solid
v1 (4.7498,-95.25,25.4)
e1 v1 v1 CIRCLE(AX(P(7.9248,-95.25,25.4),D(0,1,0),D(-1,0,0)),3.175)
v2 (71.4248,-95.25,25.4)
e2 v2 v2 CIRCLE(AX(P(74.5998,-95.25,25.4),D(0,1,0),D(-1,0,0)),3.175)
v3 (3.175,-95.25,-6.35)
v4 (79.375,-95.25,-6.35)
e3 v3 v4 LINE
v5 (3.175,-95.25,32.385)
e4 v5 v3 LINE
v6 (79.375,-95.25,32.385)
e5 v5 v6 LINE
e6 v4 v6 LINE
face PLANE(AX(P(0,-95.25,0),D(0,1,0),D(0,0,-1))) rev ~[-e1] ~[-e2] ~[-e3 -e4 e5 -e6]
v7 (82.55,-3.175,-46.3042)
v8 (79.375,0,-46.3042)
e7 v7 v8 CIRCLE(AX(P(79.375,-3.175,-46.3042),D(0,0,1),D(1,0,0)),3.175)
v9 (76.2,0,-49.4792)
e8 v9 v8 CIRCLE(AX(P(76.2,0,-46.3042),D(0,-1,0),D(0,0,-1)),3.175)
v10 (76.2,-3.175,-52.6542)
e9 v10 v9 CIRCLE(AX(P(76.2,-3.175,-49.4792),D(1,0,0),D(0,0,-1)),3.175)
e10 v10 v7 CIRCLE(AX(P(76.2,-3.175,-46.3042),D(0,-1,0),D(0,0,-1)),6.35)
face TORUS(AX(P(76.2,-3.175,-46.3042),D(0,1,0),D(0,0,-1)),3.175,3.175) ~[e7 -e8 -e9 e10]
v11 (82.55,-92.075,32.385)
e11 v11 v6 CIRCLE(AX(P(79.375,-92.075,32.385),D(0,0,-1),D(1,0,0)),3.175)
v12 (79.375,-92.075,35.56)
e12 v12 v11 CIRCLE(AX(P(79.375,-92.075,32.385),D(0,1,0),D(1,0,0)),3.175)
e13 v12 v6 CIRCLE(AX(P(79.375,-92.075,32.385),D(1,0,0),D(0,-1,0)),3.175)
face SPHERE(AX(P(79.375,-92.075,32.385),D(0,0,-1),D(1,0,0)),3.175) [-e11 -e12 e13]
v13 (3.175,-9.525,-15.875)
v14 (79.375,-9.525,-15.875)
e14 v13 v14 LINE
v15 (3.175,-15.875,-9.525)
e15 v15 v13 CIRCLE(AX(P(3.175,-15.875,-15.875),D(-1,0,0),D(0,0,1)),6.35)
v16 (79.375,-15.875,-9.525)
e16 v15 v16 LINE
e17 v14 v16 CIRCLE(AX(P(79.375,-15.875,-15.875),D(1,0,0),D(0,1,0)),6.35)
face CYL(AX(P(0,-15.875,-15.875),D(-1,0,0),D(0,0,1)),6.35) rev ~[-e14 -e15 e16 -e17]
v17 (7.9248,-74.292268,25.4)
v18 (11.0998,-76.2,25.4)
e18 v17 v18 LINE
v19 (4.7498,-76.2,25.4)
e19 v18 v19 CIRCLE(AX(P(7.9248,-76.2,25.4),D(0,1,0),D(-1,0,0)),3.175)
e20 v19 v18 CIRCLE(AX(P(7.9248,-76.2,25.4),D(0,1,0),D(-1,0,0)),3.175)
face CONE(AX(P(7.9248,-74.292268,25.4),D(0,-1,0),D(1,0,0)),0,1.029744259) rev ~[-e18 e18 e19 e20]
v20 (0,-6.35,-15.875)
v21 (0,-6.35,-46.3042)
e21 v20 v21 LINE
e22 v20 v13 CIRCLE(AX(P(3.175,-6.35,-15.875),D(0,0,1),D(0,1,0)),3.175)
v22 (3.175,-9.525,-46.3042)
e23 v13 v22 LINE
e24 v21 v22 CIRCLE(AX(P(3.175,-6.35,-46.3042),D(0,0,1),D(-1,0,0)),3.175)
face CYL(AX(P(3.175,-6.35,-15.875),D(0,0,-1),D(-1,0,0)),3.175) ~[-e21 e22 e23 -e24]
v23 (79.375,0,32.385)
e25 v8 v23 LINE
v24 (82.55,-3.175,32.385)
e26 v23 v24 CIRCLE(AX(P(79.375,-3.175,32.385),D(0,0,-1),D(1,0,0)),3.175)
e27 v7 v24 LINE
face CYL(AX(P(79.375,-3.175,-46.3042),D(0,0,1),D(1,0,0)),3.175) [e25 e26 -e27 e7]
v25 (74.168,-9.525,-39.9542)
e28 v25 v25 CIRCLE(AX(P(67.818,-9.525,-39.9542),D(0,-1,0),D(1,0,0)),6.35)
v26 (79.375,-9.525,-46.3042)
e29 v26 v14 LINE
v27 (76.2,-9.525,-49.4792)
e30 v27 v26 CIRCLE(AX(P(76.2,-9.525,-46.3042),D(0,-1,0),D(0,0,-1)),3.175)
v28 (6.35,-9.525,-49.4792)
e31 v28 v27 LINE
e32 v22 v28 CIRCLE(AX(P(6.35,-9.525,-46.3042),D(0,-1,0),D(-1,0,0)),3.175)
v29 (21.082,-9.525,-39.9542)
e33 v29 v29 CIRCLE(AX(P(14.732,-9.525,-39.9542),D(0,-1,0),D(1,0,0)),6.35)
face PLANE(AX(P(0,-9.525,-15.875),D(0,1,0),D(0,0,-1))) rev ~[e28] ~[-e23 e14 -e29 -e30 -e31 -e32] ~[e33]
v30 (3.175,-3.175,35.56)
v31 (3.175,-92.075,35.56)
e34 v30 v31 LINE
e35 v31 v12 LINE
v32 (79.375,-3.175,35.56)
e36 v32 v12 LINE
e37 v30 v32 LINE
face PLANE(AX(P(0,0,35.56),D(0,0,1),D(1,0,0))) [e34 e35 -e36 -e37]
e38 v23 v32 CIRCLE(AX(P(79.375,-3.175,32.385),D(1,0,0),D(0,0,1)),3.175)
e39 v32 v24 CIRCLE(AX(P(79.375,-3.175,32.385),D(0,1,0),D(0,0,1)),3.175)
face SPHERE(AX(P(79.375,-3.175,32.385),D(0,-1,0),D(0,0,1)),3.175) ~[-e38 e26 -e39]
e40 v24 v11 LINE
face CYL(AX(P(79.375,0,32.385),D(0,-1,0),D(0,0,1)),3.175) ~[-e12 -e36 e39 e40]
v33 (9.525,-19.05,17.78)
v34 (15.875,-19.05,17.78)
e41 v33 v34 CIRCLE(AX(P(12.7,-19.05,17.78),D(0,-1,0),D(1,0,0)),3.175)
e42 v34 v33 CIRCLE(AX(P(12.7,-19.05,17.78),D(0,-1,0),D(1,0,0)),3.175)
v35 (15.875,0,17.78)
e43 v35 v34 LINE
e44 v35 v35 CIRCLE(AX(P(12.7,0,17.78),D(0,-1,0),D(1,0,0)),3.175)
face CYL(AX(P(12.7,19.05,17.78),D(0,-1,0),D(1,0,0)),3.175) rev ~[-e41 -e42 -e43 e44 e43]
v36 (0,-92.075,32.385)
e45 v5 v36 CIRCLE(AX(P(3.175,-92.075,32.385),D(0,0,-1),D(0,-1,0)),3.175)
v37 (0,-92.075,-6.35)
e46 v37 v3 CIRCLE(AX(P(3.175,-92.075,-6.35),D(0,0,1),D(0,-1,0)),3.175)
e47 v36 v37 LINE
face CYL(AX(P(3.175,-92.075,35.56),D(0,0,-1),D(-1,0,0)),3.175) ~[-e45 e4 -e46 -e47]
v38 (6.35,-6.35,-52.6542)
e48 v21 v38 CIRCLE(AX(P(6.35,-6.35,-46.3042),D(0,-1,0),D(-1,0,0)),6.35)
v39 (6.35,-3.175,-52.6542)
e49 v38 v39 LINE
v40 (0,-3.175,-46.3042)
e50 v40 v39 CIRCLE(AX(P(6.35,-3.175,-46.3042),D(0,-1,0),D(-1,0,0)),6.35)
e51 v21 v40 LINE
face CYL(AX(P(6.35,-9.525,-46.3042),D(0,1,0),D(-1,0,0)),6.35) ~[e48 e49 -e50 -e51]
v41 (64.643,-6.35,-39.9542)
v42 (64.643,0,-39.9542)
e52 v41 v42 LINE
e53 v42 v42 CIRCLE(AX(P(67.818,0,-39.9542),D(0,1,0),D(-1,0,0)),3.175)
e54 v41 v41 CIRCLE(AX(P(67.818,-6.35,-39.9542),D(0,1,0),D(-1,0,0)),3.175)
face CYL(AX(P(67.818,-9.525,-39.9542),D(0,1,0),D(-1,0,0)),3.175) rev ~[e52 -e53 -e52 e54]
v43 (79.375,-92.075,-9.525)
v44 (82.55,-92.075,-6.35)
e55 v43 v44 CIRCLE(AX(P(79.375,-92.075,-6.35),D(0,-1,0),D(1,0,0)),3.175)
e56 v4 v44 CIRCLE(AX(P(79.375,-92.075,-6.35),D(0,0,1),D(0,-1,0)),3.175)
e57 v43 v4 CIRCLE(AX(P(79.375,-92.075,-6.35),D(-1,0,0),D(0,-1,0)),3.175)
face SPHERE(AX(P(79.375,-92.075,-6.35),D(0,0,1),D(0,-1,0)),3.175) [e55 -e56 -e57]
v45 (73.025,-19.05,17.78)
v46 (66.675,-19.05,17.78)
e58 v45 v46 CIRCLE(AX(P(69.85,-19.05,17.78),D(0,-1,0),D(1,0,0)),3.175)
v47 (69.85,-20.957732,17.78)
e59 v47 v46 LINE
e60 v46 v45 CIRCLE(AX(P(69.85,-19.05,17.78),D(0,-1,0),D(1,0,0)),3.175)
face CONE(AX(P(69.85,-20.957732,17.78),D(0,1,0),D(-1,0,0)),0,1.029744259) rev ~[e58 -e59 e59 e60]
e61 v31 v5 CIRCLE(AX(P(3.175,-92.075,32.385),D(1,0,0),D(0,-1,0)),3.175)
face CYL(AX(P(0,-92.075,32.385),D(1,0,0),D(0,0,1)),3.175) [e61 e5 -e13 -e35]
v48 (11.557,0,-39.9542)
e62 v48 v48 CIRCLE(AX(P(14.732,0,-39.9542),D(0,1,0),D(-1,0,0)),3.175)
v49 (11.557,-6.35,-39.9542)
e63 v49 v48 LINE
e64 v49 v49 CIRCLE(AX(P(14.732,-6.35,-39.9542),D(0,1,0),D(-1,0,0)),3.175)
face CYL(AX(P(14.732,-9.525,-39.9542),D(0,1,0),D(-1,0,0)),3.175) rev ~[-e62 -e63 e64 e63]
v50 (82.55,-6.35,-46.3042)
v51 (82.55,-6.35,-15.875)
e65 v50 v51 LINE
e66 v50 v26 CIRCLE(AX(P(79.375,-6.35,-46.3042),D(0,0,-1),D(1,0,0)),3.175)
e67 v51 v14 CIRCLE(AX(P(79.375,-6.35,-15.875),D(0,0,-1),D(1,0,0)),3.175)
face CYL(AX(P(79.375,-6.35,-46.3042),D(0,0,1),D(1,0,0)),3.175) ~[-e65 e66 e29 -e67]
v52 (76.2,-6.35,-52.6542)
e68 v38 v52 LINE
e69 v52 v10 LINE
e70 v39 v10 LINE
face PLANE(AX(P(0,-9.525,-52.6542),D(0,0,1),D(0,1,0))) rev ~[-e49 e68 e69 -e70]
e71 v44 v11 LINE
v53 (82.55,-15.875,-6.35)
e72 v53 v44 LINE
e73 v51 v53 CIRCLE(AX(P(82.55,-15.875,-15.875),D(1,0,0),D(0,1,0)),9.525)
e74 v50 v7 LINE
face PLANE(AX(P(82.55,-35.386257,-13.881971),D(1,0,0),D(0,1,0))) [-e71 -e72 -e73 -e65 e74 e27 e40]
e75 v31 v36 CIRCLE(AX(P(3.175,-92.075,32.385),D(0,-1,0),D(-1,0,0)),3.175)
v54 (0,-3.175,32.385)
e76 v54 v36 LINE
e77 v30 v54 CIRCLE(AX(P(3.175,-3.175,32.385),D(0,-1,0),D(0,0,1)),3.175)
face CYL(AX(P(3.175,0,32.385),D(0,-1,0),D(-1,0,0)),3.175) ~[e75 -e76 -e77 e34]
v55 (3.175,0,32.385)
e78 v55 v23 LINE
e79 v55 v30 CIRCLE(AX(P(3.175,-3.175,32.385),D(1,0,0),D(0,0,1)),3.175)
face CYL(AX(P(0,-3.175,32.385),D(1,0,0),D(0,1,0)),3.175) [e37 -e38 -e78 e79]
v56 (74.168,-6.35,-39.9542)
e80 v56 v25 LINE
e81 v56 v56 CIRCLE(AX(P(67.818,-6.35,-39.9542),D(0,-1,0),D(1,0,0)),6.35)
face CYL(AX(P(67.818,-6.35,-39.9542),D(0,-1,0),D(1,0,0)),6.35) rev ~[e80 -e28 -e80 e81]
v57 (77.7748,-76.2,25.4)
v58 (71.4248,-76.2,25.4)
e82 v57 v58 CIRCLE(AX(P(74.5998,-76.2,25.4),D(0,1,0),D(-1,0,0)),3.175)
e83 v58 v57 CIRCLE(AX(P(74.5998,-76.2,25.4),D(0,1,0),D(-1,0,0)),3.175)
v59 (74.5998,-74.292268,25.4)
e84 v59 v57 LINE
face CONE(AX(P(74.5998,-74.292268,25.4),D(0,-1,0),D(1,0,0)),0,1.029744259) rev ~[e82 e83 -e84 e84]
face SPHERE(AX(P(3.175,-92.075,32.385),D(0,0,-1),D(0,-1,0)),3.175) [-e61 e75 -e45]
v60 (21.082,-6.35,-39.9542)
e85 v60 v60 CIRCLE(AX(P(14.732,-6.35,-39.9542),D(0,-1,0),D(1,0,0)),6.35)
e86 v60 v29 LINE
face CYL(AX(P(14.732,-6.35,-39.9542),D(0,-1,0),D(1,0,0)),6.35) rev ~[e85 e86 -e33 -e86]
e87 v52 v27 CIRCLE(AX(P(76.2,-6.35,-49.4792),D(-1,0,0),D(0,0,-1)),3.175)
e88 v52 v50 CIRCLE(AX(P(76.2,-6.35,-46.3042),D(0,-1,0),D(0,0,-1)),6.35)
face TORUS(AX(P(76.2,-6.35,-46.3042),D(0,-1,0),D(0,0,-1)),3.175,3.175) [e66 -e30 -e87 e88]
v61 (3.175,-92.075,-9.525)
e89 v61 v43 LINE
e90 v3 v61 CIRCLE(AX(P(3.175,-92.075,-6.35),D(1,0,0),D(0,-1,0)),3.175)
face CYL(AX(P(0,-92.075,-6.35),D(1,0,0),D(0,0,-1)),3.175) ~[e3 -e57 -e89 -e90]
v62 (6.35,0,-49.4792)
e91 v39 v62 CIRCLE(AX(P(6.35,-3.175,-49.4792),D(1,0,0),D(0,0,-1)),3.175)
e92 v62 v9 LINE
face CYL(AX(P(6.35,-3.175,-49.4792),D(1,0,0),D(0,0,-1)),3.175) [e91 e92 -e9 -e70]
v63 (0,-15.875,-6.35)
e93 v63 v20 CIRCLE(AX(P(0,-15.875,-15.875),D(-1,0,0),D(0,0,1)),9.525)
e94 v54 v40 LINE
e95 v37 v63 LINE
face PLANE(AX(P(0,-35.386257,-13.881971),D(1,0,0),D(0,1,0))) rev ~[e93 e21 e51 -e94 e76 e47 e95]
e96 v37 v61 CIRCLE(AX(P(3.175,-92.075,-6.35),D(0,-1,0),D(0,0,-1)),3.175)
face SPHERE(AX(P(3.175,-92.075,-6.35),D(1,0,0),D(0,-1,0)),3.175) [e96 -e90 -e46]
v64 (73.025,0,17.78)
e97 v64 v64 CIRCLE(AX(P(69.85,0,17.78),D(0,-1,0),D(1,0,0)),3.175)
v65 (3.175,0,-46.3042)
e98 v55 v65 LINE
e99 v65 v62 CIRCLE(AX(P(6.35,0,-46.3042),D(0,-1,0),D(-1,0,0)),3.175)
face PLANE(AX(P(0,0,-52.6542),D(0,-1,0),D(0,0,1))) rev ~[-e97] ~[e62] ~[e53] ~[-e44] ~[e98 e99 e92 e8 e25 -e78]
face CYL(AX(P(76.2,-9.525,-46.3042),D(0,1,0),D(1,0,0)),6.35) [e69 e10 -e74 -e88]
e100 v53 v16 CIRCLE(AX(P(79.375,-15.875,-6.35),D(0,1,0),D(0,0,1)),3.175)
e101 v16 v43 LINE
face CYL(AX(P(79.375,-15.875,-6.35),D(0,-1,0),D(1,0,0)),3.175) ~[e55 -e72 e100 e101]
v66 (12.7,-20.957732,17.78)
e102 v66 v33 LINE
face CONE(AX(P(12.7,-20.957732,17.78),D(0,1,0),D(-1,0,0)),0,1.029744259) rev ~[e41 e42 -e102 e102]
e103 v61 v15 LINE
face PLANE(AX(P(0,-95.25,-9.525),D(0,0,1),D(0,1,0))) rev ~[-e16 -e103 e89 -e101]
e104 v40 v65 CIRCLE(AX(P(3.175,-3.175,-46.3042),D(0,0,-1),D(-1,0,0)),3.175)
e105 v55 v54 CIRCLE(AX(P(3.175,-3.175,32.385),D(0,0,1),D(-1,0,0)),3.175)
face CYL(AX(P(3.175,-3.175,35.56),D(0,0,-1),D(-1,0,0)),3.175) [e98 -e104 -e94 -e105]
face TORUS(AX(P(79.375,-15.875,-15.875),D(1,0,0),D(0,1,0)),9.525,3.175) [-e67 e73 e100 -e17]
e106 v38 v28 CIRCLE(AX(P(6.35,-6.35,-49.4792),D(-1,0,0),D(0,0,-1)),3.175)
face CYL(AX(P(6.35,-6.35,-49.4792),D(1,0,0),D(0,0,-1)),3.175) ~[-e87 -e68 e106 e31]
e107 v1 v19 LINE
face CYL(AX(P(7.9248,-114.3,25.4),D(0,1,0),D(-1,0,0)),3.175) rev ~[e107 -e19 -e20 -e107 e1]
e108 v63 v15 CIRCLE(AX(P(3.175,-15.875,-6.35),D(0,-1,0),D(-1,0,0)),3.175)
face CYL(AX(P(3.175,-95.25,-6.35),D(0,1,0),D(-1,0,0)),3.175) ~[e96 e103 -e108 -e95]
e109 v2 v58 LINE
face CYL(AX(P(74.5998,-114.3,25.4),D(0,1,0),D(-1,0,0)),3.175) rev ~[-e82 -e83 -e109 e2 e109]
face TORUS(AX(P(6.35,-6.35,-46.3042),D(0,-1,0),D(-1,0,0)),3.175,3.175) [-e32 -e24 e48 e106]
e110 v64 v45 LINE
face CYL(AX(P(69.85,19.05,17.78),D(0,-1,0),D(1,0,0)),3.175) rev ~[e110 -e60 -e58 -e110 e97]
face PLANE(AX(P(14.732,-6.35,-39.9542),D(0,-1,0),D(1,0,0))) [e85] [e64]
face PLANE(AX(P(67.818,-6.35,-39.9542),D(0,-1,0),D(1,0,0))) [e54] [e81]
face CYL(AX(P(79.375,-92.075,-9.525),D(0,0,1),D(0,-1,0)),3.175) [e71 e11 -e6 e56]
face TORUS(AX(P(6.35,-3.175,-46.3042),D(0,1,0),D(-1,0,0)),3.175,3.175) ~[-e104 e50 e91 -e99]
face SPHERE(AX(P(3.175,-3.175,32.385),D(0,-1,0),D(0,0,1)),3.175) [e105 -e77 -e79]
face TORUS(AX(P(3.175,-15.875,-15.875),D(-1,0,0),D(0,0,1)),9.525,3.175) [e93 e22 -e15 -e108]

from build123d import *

# Parameters (mm, degrees)
F0_W           = 82.55
F0_H           = 35.56
F1_DEPTH       = 95.25
F3_D           = 6.35
F3_DEPTH       = 19.05
F3_TIP         = 1.9077324654
F5_D           = 6.35
F5_DEPTH       = 19.05
F5_TIP         = 1.9077324654
F7_DEPTH       = 82.55
F9_D           = 6.35
F9_CBORE_D     = 12.7
F9_CBORE_DEPTH = 3.175
F10_R          = 6.35
F11_R          = 3.175


with BuildPart() as f1:
    # F0 (on Front) → F1 (new body)
    with BuildSketch(Plane.XZ):
        with Locations((41.275, 17.78)):
            Rectangle(F0_W, F0_H)
    extrude(amount=F1_DEPTH)

    # F3
    with Locations(Plane.XZ.offset(95.25)):
        with Locations((7.9248, 25.4), (74.5998, 25.4)):
            Hole(F3_D / 2, depth=F3_DEPTH)
            with Locations((0, 0, -(F3_DEPTH + F3_TIP / 2))):  # 118° drill point
                Cone(0, F3_D / 2, F3_TIP, mode=Mode.SUBTRACT)

    # F5
    with Locations(Plane(origin=(0, 0, 0), x_dir=(-1, 0, 0), z_dir=(0, 1, 0))):
        with Locations((-12.7, 17.78), (-69.85, 17.78)):
            Hole(F5_D / 2, depth=F5_DEPTH)
            with Locations((0, 0, -(F5_DEPTH + F5_TIP / 2))):  # 118° drill point
                Cone(0, F5_D / 2, F5_TIP, mode=Mode.SUBTRACT)

    # F6 (on Right) → F7 (join)
    with BuildSketch(Plane.YZ):
        with BuildLine():
            Line((0, -9.525), (0, 0))
            Line((0, 0), (-9.525, 0))
            Line((-9.525, 0), (-95.25, 0))
            Line((-95.25, 0), (-95.25, -9.525))
            Line((-95.25, -9.525), (-15.875, -9.525))
            ThreePointArc((-15.875, -9.525), (-11.3848719395, -11.3848719395), (-9.525, -15.875))
            Line((-9.525, -15.875), (-9.525, -52.6542))
            Line((-9.525, -52.6542), (0, -52.6542))
            Line((0, -52.6542), (0, -9.525))
        make_face()
    extrude(amount=F7_DEPTH)

    # F9 (through all)
    with Locations(Plane.XZ.offset(9.525)):
        with Locations((14.732, -39.9542), (67.818, -39.9542)):
            CounterBoreHole(F9_D / 2, F9_CBORE_D / 2, F9_CBORE_DEPTH)

    # F10
    f10_edges = [f1.edges().sort_by_distance(p)[0] for p in [
        (0, -4.7625, -52.6542),
        (82.55, -4.7625, -52.6542),
    ]]
    fillet(f10_edges, radius=F10_R)

    # F11
    f11_edges = [f1.edges().sort_by_distance(p)[0] for p in [
        (82.55, -95.25, 13.0175),
        (41.275, -95.25, -9.525),
        (0, -95.25, 13.0175),
        (0, -55.5625, -9.525),
        (82.55, -47.625, 35.56),
        (41.275, -95.25, 35.56),
        (0, -47.625, 35.56),
        (41.275, 0, 35.56),
        (0, 0, -5.3721),
    ]]
    fillet(f11_edges, radius=F11_R)


solid = f1.part
